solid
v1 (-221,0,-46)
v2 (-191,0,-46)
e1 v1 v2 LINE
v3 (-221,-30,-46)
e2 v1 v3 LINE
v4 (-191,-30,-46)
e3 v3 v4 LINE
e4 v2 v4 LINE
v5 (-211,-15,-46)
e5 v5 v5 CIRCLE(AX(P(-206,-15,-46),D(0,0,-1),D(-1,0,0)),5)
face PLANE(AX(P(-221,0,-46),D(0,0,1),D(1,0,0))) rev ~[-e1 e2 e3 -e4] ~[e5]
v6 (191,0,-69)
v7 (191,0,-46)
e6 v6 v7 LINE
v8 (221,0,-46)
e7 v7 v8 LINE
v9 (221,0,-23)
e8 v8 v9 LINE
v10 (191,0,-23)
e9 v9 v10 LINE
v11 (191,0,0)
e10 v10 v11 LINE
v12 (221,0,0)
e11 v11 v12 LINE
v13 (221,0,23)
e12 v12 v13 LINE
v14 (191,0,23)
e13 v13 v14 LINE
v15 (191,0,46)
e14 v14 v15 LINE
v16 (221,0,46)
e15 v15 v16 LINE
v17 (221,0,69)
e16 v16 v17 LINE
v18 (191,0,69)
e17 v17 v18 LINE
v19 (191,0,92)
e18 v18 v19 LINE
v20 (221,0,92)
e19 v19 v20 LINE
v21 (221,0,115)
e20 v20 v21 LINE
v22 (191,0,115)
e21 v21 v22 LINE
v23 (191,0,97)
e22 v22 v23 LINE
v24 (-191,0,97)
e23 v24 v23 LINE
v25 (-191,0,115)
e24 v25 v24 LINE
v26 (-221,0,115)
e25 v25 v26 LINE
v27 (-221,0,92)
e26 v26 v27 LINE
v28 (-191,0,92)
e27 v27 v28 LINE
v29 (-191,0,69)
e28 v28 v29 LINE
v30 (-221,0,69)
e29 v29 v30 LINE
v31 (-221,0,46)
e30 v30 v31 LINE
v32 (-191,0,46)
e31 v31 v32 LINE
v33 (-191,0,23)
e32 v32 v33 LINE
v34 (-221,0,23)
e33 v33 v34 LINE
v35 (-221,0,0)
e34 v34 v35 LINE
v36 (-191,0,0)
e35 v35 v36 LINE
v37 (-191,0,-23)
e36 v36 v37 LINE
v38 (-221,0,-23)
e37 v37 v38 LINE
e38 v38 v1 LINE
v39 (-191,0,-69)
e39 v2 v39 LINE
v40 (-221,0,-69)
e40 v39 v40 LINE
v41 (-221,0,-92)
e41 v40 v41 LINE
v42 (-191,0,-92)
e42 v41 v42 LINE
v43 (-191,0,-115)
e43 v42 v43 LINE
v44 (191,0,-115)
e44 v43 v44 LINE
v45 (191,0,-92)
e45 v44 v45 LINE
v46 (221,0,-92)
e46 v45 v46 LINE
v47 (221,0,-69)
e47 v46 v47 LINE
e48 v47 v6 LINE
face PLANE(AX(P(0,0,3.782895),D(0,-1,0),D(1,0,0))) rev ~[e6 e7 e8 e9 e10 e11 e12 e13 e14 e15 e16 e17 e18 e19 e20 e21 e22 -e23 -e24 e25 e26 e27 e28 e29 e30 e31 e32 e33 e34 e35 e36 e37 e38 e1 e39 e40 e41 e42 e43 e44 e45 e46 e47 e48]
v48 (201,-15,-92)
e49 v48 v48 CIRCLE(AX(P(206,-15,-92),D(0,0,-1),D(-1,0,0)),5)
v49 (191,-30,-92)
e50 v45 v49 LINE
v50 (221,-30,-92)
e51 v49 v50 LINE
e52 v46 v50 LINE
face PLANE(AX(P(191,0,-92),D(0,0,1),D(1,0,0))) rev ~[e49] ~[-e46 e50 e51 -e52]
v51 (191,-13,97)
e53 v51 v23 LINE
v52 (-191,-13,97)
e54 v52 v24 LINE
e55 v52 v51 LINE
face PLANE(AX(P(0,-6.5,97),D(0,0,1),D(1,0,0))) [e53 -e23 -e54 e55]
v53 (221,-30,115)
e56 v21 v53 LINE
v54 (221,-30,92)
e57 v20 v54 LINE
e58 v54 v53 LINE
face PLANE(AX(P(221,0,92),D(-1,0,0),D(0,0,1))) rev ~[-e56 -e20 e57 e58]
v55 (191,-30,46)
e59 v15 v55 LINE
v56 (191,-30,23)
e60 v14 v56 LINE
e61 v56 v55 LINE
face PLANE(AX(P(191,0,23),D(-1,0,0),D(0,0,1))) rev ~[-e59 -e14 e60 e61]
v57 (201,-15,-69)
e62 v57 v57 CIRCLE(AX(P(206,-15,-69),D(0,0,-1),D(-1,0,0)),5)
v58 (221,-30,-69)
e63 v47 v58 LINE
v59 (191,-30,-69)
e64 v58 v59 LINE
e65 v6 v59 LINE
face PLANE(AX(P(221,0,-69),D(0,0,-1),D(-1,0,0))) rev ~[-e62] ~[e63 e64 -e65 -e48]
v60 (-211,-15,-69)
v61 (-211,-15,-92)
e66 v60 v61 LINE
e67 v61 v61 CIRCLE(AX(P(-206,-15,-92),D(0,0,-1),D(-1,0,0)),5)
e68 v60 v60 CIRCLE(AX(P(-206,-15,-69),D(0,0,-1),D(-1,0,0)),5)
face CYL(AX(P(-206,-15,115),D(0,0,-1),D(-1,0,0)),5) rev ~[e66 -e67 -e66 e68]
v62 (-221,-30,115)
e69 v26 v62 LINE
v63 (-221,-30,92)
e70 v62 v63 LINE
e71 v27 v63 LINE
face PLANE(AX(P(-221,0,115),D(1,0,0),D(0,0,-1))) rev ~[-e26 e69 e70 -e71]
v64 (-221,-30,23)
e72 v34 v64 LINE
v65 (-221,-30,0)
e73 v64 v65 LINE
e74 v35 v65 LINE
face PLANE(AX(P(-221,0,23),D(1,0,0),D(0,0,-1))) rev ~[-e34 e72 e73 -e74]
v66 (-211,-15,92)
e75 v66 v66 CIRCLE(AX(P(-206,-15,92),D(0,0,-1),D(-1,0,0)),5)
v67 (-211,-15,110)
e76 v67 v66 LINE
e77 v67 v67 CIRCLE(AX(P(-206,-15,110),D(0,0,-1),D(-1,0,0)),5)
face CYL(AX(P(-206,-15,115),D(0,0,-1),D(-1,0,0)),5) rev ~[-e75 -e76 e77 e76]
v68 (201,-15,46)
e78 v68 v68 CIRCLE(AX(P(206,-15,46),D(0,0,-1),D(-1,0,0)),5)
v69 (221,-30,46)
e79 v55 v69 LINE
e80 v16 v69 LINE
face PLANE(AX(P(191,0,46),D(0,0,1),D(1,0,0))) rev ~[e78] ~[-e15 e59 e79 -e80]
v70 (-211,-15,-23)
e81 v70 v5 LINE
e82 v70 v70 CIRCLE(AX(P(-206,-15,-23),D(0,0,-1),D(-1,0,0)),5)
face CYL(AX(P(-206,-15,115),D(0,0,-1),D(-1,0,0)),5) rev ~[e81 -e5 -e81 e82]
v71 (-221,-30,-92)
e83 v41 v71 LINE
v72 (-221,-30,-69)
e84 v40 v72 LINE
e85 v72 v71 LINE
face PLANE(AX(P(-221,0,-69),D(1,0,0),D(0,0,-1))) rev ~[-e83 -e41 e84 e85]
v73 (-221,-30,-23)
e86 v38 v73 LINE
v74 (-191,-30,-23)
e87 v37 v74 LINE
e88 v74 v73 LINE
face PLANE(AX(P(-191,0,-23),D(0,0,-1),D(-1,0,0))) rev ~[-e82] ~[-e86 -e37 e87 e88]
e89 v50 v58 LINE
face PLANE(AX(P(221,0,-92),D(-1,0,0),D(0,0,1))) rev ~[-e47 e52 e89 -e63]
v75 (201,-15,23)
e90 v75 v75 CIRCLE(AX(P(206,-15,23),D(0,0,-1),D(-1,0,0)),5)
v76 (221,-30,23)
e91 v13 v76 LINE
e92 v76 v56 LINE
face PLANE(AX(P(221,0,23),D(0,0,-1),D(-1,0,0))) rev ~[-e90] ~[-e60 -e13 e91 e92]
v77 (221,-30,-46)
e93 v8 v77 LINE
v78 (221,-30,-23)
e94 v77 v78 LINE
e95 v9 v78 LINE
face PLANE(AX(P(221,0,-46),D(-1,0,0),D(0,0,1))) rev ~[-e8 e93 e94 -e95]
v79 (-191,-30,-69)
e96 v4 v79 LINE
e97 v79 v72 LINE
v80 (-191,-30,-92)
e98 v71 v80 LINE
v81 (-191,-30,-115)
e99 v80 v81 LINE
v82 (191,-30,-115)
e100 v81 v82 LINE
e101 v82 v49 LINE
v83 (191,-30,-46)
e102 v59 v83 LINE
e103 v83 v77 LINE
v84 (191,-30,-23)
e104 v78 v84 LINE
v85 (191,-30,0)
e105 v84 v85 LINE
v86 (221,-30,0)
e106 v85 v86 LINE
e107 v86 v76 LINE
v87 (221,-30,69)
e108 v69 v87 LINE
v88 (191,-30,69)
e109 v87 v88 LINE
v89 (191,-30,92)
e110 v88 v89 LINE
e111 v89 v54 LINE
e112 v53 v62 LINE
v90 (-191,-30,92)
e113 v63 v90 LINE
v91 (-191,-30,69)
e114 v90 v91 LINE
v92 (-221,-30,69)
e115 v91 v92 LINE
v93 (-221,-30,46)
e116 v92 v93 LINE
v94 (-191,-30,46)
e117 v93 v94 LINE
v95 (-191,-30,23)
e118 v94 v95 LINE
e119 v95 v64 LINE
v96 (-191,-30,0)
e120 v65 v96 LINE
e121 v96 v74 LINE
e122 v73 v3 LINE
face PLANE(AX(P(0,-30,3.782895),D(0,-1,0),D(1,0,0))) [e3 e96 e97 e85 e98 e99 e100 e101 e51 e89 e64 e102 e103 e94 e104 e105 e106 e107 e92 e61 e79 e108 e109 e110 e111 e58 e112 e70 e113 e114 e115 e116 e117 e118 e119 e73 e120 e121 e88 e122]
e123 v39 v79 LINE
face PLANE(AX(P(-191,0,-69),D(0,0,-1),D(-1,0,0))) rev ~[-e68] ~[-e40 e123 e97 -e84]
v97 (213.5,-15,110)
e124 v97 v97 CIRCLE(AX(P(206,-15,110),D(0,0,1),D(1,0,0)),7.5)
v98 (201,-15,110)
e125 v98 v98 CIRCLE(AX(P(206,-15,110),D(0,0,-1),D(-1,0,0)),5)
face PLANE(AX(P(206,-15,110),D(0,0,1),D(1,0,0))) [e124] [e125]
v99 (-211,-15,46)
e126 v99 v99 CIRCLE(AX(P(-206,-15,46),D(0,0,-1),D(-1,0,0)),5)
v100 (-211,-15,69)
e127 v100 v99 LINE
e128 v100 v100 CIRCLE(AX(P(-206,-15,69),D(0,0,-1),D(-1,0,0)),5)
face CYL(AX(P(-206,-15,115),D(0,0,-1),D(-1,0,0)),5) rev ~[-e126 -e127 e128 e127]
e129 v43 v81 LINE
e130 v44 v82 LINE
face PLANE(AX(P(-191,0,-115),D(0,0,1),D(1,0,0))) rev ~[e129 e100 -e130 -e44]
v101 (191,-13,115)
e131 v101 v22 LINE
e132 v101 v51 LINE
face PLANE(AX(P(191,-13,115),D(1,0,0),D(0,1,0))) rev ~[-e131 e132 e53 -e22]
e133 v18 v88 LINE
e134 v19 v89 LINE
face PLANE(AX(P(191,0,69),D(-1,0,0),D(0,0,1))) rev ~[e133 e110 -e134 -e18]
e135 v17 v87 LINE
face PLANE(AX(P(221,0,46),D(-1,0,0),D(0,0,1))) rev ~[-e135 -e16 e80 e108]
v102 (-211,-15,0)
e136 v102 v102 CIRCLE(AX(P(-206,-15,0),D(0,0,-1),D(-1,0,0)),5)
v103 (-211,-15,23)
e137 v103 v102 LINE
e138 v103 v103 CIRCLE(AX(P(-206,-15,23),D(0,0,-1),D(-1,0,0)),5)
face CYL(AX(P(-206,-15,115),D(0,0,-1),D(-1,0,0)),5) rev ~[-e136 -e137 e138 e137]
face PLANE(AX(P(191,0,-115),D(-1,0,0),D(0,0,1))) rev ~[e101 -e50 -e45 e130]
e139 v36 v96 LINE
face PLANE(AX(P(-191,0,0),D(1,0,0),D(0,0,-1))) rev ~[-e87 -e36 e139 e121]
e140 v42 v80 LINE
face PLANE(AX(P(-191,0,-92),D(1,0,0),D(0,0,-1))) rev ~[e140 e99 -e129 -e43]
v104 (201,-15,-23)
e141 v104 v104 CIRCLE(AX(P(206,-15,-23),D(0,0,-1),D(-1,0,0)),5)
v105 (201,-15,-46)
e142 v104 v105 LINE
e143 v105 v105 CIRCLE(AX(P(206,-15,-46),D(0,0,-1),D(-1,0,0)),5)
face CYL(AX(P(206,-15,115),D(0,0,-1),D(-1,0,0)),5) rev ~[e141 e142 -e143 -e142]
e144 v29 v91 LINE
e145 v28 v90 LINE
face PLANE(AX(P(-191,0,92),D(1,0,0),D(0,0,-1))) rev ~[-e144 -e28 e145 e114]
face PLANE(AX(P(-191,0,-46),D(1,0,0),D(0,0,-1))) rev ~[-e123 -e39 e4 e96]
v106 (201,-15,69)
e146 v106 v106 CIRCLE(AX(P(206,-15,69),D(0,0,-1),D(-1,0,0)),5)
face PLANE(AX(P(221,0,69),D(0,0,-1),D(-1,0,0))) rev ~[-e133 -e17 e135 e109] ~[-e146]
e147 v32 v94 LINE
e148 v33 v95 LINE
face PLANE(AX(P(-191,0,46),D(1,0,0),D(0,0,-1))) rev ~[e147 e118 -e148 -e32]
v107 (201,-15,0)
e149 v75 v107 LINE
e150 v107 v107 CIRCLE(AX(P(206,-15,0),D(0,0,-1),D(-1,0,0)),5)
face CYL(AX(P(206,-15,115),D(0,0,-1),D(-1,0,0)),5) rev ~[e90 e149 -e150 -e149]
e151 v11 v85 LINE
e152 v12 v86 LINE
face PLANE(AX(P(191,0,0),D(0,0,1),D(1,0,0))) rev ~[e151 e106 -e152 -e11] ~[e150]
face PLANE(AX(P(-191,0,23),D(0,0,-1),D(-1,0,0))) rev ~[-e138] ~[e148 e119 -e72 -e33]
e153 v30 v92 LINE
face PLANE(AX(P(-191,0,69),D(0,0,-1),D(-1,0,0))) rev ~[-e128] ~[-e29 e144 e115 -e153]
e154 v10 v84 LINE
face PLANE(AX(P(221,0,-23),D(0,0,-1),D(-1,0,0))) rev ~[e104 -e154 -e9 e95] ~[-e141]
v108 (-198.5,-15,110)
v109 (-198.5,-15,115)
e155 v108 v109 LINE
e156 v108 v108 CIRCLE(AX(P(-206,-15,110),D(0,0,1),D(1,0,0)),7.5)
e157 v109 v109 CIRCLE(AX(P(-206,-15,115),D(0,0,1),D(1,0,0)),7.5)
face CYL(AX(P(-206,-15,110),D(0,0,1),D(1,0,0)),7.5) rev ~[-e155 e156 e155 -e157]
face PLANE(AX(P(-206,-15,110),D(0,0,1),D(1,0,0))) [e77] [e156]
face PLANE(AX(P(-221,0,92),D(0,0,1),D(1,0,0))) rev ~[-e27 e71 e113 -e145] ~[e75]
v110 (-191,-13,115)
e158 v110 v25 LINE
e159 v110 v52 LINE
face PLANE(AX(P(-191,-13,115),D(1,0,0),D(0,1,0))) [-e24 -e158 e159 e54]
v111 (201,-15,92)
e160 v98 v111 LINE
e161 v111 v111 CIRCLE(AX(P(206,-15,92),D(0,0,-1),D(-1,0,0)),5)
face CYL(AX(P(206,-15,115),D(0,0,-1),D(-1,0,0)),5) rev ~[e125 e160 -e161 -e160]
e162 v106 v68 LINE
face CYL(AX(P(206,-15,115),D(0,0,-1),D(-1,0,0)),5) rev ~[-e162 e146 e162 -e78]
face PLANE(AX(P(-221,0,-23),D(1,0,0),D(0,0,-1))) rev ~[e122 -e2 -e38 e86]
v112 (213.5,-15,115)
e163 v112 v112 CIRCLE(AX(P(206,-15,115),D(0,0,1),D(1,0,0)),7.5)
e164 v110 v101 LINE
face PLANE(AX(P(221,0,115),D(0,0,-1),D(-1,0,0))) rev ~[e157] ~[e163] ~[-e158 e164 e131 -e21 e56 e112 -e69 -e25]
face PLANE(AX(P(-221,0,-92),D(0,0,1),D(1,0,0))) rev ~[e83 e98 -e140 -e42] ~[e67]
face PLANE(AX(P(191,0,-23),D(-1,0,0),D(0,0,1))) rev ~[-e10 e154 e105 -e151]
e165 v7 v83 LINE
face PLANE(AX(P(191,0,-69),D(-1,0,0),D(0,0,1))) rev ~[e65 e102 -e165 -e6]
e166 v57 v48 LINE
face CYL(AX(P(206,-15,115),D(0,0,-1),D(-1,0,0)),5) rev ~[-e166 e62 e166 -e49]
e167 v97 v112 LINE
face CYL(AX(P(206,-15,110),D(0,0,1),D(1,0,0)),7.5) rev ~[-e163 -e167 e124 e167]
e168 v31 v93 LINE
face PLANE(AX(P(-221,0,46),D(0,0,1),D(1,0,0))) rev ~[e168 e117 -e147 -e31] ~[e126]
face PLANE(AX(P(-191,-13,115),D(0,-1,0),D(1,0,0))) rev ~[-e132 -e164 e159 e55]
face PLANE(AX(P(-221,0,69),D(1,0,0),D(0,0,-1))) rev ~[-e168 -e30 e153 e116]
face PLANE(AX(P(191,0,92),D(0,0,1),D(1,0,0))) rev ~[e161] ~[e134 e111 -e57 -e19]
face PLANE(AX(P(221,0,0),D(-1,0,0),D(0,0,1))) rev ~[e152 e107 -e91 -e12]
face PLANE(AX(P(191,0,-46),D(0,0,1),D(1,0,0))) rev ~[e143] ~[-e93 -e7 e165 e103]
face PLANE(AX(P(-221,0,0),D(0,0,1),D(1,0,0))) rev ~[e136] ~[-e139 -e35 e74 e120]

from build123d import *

# Parameters (mm, degrees)
F1_DEPTH       = 30
F3_D           = 10
F3_CBORE_D     = 15
F3_CBORE_DEPTH = 5
F2_W           = 382
F2_H           = 13
F4_DEPTH       = 18


with BuildPart() as f1:
    # F0 (on Front) → F1 (new body)
    with BuildSketch(Plane.XZ):
        Polygon((221, 92), (221, 115), (-221, 115), (-221, 92), (-191, 92), (-191, 69), (-221, 69), (-221, 46), (-191, 46), (-191, 23), (-221, 23), (-221, 0), (-191, 0), (-191, -23), (-221, -23), (-221, -46), (-191, -46), (-191, -69), (-221, -69), (-221, -92), (-191, -92), (-191, -115), (191, -115), (191, -92), (221, -92), (221, -69), (191, -69), (191, -46), (221, -46), (221, -23), (191, -23), (191, 0), (221, 0), (221, 23), (191, 23), (191, 46), (221, 46), (221, 69), (191, 69), (191, 92), align=None)
    extrude(amount=F1_DEPTH)

    # F3 (through all)
    with Locations(Plane.XY.offset(115)):
        with Locations((-206, -15), (206, -15)):
            CounterBoreHole(F3_D / 2, F3_CBORE_D / 2, F3_CBORE_DEPTH)

    # F2 (on face) → F4 (cut)
    with BuildSketch(Plane.XY.offset(115)):
        with Locations((0, -6.5)):
            Rectangle(F2_W, F2_H)
    extrude(amount=-F4_DEPTH, mode=Mode.SUBTRACT)


solid = f1.part
